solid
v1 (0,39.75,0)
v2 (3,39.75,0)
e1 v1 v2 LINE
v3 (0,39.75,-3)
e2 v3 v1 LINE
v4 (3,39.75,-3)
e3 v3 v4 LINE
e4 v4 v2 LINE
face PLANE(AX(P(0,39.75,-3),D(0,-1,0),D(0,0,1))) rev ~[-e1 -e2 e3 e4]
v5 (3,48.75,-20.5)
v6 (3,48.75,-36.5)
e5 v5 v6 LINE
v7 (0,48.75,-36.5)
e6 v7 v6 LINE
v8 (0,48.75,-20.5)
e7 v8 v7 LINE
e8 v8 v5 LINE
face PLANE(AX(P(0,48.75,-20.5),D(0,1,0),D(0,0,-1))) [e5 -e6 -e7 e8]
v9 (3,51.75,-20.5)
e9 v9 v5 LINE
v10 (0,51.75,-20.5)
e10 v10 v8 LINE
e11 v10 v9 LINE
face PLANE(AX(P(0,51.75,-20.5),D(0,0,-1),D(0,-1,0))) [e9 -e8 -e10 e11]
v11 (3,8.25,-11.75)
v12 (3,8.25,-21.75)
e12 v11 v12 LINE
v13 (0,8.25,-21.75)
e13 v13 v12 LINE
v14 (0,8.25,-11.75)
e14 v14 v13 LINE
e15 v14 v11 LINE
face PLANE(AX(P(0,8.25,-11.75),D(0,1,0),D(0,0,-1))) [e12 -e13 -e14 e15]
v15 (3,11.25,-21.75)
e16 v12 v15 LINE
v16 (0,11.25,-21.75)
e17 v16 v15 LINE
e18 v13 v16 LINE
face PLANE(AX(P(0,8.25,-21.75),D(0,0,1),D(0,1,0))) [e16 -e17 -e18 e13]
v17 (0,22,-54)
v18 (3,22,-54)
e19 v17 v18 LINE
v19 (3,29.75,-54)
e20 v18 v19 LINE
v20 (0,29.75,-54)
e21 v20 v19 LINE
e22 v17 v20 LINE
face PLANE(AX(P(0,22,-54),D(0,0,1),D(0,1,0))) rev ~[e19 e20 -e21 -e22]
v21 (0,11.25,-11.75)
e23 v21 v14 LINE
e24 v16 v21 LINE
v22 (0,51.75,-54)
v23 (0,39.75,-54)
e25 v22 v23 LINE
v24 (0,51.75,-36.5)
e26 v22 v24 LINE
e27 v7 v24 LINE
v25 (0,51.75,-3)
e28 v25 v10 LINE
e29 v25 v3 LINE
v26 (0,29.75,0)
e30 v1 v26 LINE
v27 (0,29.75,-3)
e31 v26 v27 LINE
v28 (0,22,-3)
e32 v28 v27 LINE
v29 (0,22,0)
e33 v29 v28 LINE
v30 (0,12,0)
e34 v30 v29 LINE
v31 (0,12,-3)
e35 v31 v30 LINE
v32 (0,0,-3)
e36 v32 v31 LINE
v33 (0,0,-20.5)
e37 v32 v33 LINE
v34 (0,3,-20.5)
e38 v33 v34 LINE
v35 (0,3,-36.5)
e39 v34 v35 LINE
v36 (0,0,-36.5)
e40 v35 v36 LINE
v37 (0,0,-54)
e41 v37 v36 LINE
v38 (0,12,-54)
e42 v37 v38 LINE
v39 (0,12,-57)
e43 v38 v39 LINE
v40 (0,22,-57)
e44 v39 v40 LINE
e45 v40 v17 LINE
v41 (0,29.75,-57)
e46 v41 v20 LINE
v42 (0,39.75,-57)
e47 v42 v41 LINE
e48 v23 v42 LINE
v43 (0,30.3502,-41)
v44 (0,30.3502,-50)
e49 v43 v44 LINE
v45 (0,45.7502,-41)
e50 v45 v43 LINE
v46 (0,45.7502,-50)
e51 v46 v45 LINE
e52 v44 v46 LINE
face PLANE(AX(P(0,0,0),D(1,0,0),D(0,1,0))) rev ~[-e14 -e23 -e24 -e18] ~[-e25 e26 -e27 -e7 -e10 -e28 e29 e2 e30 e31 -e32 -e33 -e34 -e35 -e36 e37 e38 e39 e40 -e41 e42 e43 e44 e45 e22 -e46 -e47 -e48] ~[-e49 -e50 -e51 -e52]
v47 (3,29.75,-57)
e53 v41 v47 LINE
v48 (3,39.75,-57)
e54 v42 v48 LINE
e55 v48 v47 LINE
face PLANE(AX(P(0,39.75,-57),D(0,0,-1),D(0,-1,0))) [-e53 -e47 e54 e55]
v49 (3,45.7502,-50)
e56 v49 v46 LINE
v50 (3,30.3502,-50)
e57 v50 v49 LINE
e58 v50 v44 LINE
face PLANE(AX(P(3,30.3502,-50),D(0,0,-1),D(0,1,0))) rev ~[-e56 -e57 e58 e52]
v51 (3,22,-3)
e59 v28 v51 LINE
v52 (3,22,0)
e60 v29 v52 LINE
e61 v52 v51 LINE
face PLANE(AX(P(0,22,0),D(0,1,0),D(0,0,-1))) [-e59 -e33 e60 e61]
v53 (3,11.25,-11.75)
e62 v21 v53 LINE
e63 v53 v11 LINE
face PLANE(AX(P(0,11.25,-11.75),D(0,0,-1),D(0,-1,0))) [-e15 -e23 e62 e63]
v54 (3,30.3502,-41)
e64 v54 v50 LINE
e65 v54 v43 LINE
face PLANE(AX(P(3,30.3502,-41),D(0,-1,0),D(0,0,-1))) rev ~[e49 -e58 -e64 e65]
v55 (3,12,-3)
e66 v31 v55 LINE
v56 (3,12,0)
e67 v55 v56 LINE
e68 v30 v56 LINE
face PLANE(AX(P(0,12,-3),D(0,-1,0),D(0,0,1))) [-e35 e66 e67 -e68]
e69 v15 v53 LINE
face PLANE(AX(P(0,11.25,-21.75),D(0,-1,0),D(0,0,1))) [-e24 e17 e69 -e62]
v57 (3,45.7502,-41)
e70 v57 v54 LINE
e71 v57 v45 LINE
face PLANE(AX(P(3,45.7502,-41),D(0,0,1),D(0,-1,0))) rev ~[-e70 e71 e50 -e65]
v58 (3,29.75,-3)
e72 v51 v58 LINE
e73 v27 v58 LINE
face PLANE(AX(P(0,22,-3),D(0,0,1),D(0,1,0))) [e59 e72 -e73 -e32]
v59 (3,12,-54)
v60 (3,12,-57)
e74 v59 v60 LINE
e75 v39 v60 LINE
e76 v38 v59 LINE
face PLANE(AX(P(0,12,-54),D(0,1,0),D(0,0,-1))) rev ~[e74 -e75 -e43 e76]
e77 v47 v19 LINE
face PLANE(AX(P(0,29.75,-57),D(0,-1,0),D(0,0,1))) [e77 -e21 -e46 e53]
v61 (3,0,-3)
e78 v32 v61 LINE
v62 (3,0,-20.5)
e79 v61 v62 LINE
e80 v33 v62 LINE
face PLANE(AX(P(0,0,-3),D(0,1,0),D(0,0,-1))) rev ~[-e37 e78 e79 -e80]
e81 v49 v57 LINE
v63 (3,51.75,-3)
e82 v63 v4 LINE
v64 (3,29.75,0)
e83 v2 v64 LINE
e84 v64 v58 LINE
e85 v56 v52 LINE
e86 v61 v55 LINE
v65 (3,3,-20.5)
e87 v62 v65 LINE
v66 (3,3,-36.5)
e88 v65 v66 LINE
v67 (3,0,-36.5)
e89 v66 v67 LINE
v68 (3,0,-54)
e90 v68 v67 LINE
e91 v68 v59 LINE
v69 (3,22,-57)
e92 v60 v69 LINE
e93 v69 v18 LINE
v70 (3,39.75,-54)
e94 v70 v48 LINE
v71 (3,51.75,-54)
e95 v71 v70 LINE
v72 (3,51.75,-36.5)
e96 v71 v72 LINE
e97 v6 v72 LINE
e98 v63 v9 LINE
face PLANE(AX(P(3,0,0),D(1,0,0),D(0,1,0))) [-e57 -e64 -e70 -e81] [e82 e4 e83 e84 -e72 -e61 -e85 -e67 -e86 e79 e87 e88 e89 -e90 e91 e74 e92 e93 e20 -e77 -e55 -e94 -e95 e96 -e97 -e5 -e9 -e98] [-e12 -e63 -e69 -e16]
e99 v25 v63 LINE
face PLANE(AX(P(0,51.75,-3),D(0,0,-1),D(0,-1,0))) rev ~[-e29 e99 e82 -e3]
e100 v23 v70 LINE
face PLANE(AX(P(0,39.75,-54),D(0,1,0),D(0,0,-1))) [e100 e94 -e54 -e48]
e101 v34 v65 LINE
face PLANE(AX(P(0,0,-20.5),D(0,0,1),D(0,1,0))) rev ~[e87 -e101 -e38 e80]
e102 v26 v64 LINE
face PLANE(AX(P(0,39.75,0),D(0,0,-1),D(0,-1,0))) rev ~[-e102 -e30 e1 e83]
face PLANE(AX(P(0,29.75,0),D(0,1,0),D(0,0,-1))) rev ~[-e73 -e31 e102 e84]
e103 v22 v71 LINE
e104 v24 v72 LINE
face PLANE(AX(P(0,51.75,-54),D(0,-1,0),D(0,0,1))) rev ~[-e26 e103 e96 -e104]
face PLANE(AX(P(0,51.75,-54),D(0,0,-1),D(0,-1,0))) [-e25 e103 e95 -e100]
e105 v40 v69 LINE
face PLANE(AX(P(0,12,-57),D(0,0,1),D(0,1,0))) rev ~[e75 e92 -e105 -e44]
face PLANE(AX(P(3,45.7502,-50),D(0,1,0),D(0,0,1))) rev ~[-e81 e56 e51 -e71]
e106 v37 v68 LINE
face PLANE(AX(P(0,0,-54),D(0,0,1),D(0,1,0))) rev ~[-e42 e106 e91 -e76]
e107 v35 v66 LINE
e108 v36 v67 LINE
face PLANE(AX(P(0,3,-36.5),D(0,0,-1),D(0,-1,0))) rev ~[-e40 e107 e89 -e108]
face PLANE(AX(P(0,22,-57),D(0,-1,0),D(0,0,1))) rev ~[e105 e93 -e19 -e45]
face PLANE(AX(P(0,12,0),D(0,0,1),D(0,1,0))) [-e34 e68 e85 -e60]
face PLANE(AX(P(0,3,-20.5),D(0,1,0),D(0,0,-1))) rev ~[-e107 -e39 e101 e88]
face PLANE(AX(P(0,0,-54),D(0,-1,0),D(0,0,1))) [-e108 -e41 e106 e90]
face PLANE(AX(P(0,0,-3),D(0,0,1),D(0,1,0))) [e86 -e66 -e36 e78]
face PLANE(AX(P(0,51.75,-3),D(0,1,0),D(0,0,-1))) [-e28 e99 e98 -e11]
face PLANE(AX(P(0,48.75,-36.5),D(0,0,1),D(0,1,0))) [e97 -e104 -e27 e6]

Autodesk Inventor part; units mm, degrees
ref_plane "YZ Plane" through (0, 0, 0) normal (1, 0, 0) x (0, 1, 0)
ref_plane "XZ Plane" through (0, 0, 0) normal (0, 1, 0) x (-1, 0, 0)
ref_plane "XY Plane" through (0, 0, 0) normal (0, 0, 1) x (1, 0, 0)
sketch "Sketch1" plane through (0, 0, 0) normal (1, 0, 0) x (0, 1, 0)
  line L0 (0, -3) -> (12, -3)
  line L1 (12, -3) -> (12, 0)
  line L2 (12, 0) -> (22, 0)
  line L3 (22, 0) -> (22, -3)
  line L4 (25.875, 0) -> (25.875, -57) construction
  line L5 (51.75, -28.5) -> (0, -28.5) construction
  line L6 (51.75, -3) -> (39.75, -3)
  line L7 (39.75, -3) -> (39.75, 0)
  line L8 (39.75, 0) -> (29.75, 0)
  line L9 (29.75, 0) -> (29.75, -3)
  line L10 (12, 0) -> (22, 0)
  line L11 (29.75, 0) -> (39.75, 0)
  line L12 (39.75, 0) -> (29.75, 0)
  line L13 (22, 0) -> (12, 0)
  line L14 (22, -3) -> (29.75, -3)
  line L15 (0, -54) -> (12, -54)
  line L16 (12, -54) -> (12, -57)
  line L17 (12, -57) -> (22, -57)
  line L18 (22, -57) -> (22, -54)
  line L19 (51.75, -54) -> (39.75, -54)
  line L20 (29.75, -57) -> (29.75, -54)
  line L21 (39.75, -54) -> (39.75, -57)
  line L22 (39.75, -57) -> (29.75, -57)
  line L23 (22, -54) -> (29.75, -54)
  line L24 (39.75, -57) -> (29.75, -57)
  line L25 (22, -57) -> (12, -57)
  line L26 (0, -3) -> (0, -20.5)
  line L27 (0, -20.5) -> (3, -20.5)
  line L28 (3, -20.5) -> (3, -36.5)
  line L29 (3, -36.5) -> (0, -36.5)
  line L30 (0, -54) -> (0, -36.5)
  line L31 (51.75, -3) -> (51.75, -20.5)
  line L32 (51.75, -20.5) -> (48.75, -20.5)
  line L33 (48.75, -20.5) -> (48.75, -36.5)
  line L34 (48.75, -36.5) -> (51.75, -36.5)
  line L35 (51.75, -54) -> (51.75, -36.5)
  line L36 (0, -11.75) -> (8.25, -11.75) construction
  line L37 (8.25, -11.75) -> (8.25, -21.75)
  line L38 (8.25, -21.75) -> (11.25, -21.75)
  line L39 (11.25, -21.75) -> (11.25, -11.75)
  line L40 (11.25, -11.75) -> (8.25, -11.75)
  point P0 (0, 0)
  point P1 (51.75, 0)
  point P2 (0, 0)
  dimension "d0" = 51.75
  dimension "d2" = 3
  dimension "d3" = 12
  dimension "d4" = 10
  dimension "d5" = 17.5
  dimension "d6" = 3
  dimension "d7" = 16
  dimension "d8" = 8.25
  dimension "d9" = 10
  dimension "d10" = 3
extrude "Extrusion1" add sketch "Sketch1" along normal blind 3
sketch "Sketch2" plane through (3, 0, 0) normal (1, 0, 0) x (0, 0, -1)
  line L0 (54, 0) -> (54, 12) projected
  line L1 (50, 30.3502) -> (50, 45.7502)
  line L2 (50, 45.7502) -> (41, 45.7502)
  line L3 (41, 45.7502) -> (41, 30.3502)
  line L4 (41, 30.3502) -> (50, 30.3502)
  line L5 (54, 39.75) -> (54, 51.75) projected
  line L6 (54, 45.75) -> (50, 45.75)
  point P0 (0, 0)
  dimension "d15" = 15.4
  dimension "d16" = 9
extrude "Extrusion2" cut sketch "Sketch2" against normal up to surface (3 mm away)
sketch "Sketch3" plane through (0, 0, 0) normal (-1, 0, 0) x (0, 0, 1)
  point P0 (0, 0)
properties part number "Lateral2"
